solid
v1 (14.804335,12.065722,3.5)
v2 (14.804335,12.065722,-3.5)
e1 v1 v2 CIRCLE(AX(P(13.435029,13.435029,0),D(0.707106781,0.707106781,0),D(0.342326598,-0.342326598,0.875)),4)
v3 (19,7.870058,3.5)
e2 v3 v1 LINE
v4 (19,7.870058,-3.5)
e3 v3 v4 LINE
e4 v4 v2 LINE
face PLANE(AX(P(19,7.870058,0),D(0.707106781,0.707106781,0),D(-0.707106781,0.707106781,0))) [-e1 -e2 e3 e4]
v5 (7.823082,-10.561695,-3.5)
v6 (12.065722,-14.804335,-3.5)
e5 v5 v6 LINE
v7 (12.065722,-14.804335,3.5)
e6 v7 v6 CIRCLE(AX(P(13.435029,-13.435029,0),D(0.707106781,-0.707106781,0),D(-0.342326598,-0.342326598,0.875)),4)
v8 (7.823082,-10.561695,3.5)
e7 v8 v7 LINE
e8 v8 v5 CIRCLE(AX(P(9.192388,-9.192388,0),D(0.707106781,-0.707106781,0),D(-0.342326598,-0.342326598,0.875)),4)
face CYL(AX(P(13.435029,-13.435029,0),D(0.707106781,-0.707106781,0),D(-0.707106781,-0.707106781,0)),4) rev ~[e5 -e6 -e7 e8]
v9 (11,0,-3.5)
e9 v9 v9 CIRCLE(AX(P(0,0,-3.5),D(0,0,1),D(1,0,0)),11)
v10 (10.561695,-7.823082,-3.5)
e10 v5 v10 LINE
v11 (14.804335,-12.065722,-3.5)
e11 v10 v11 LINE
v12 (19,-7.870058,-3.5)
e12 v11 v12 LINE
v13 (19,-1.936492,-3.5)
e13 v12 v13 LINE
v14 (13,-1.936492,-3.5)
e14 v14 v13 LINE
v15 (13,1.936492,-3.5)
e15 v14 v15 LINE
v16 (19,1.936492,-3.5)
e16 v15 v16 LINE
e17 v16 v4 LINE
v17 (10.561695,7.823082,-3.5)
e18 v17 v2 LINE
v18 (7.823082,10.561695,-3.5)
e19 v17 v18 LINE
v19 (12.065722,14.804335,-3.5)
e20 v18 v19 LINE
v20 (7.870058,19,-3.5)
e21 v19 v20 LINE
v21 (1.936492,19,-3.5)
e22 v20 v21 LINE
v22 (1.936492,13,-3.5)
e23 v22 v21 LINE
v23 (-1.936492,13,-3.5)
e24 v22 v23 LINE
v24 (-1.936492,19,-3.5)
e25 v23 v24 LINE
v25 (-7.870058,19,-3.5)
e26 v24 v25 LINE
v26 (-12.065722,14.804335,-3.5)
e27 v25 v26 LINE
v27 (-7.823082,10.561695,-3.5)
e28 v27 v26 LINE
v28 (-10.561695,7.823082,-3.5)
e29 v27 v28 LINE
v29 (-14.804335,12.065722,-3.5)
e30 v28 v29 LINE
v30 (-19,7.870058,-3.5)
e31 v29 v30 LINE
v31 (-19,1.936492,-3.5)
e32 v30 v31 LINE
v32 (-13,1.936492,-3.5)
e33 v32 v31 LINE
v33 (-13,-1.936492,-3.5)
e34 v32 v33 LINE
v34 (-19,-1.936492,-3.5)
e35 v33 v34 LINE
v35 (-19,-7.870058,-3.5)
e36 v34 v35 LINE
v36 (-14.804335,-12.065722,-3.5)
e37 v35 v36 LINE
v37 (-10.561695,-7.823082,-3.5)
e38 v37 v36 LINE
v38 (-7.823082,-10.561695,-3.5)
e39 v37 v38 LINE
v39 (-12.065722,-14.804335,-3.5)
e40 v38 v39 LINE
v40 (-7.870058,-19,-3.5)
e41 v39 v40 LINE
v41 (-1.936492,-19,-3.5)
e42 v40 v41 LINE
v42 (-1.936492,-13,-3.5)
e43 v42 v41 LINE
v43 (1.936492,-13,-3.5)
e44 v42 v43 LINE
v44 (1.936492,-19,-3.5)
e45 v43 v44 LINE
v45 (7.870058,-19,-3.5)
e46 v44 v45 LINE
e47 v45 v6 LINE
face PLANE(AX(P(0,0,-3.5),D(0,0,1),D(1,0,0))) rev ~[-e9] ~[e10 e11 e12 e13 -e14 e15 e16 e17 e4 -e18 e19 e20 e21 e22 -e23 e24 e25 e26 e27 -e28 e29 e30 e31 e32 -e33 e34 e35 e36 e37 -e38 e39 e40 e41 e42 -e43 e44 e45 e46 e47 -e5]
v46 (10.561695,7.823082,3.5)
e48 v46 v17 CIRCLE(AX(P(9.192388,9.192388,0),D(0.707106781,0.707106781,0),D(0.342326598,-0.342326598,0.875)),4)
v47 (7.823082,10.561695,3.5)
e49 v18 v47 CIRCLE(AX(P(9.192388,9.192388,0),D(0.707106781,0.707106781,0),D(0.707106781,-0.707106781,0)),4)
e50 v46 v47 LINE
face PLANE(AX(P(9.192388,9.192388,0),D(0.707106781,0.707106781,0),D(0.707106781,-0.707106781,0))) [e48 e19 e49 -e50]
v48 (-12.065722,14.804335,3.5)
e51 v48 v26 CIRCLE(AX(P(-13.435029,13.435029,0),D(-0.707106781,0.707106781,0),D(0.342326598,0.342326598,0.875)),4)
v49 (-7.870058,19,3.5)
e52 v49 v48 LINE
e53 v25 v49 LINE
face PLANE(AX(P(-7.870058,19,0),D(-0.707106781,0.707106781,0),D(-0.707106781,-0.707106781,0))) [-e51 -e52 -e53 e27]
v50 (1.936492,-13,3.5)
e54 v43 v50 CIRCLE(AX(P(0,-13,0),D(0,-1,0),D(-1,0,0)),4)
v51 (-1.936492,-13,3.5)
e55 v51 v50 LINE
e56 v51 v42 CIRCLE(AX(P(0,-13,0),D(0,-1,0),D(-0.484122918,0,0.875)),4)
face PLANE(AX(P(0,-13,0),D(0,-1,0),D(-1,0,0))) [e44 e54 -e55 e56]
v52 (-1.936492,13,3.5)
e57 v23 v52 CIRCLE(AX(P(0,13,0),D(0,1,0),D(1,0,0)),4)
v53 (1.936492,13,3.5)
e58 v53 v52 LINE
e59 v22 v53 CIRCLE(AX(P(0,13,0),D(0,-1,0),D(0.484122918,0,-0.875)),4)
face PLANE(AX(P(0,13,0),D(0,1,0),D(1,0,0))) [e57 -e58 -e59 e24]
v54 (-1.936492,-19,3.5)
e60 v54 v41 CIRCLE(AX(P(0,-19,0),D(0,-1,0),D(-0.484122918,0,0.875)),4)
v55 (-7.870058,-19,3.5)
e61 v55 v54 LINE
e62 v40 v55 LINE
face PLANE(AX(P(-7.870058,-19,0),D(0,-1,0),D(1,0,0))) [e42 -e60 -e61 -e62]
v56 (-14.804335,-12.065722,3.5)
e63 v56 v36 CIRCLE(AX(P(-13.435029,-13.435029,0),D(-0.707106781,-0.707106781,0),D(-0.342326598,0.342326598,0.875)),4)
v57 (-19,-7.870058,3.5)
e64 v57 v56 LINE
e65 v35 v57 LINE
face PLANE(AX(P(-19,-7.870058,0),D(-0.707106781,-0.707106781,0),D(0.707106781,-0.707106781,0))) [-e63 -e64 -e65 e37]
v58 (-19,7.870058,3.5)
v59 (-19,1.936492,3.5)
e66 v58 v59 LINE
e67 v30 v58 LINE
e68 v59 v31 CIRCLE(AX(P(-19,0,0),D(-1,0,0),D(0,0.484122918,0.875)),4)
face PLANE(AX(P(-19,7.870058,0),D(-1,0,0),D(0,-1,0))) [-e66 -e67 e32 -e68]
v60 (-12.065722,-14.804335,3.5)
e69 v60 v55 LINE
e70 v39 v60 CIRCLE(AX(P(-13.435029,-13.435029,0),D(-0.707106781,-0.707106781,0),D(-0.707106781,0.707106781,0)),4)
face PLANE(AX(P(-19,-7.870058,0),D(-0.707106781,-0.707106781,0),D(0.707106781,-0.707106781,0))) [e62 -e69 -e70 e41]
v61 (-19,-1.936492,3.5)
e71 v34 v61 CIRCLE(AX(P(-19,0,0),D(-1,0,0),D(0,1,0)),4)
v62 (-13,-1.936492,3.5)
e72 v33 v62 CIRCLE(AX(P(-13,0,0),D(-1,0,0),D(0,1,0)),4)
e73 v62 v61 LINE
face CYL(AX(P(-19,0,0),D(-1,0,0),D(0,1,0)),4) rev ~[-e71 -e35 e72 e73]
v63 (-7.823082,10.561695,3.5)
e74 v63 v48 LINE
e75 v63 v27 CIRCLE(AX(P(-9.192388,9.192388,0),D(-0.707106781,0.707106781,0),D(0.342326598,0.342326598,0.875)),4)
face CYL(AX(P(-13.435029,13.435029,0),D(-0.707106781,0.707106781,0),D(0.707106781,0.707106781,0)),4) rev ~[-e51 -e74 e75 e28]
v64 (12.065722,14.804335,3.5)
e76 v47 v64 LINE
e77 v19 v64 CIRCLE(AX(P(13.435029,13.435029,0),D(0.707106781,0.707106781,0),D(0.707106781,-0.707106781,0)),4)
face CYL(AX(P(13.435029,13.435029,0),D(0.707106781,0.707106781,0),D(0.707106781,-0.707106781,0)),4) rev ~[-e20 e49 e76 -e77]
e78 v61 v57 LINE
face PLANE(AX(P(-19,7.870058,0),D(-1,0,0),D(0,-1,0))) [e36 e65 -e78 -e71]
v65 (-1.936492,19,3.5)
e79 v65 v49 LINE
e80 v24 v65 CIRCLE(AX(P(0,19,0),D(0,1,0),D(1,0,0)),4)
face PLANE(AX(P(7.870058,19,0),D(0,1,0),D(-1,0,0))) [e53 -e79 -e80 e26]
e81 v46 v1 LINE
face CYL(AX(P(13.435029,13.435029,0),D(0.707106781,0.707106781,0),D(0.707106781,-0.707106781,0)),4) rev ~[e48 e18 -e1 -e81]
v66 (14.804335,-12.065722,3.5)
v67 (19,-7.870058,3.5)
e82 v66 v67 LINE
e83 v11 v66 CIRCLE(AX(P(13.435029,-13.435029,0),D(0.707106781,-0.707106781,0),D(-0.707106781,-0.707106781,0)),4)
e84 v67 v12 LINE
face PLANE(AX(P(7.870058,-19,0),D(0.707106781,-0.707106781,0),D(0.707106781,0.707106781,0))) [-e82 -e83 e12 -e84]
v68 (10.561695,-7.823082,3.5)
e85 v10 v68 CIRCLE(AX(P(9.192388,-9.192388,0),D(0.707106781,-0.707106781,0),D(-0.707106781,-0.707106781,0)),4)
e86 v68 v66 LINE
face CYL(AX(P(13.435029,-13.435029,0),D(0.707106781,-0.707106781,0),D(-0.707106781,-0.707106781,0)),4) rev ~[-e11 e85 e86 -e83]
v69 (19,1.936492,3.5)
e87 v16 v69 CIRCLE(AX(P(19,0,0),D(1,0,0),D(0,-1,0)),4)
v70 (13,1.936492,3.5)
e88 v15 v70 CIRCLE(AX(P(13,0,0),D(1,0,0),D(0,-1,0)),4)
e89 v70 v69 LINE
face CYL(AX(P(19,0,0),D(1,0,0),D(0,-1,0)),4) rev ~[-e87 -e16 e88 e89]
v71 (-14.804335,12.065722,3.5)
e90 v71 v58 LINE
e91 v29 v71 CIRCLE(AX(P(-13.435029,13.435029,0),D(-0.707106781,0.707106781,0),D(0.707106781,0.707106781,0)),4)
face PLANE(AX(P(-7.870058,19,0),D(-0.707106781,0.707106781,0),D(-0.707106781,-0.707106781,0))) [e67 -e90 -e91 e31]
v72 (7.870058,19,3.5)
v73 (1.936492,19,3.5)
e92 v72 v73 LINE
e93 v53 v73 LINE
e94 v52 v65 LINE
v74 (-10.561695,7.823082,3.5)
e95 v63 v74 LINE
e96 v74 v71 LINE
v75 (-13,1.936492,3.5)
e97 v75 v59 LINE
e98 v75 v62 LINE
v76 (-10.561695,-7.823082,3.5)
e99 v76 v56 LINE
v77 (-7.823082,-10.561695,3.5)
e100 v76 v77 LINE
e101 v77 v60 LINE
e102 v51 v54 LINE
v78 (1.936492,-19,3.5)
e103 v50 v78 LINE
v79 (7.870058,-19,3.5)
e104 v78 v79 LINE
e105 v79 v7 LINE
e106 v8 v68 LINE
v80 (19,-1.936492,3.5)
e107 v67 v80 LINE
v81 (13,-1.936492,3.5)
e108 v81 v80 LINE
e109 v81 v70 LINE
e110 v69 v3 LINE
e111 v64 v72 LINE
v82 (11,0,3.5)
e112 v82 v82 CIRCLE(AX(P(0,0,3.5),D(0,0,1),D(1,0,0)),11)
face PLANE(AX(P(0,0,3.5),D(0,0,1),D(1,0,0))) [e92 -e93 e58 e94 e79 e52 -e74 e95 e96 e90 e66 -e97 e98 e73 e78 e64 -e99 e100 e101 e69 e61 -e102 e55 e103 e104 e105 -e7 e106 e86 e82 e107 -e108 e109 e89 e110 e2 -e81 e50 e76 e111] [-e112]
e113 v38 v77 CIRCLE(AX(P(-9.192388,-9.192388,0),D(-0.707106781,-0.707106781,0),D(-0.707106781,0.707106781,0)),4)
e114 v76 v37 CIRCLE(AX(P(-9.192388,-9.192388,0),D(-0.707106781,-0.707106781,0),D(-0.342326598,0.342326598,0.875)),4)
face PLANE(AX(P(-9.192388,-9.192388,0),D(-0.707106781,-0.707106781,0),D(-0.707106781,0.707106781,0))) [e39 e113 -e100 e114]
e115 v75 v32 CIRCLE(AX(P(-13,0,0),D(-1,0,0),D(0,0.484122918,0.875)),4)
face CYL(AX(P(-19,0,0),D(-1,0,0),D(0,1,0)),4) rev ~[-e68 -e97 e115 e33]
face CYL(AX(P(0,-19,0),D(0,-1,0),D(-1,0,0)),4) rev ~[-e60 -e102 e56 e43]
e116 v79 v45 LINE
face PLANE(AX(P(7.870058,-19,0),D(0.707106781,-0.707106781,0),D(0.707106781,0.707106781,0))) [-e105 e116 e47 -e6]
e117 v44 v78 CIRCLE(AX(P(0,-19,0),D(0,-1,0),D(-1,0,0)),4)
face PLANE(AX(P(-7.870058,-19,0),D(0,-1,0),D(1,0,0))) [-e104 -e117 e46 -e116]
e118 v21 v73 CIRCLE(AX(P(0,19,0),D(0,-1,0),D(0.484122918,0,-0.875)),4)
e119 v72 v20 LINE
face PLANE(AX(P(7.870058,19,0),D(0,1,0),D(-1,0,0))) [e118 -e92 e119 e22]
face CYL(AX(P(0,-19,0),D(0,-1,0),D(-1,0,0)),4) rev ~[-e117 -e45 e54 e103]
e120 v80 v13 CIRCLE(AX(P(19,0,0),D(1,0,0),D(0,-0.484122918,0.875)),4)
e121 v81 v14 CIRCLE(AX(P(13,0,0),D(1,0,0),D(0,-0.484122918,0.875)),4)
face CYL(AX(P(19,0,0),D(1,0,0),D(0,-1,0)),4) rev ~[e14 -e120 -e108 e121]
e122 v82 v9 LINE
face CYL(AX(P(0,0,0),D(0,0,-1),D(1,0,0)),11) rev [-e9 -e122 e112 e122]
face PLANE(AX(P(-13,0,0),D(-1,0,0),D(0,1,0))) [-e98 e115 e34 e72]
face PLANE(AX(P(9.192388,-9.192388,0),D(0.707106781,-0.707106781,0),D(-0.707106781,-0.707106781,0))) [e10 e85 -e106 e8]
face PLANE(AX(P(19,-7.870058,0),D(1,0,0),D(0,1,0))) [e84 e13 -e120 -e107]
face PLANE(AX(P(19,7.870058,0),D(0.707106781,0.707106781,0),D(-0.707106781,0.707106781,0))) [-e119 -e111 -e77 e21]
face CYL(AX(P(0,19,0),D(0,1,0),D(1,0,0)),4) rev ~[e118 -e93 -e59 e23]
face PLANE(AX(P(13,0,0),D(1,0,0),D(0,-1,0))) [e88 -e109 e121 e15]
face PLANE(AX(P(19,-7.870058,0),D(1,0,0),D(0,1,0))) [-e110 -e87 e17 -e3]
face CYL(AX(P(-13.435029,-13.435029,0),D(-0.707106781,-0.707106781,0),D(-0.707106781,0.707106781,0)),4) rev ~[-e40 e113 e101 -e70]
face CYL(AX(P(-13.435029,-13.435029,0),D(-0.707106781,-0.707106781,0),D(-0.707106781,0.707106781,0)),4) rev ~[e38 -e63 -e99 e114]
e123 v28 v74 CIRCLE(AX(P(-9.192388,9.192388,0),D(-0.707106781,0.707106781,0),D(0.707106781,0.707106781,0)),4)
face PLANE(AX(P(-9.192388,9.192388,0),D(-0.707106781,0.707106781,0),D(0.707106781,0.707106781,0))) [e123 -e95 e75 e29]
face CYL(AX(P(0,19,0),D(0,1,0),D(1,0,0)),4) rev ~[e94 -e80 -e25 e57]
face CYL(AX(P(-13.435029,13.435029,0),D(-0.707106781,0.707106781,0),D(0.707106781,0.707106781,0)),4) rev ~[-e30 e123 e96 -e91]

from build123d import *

# Parameters (mm, degrees)
SKETCH1_R           = 11
BOSS_EXTRUDE1_DEPTH = 3.5
SKETCH2_R           = 4
CUT_EXTRUDE3_DEPTH  = 6
CIRPATTERN1_COUNT   = 8


with BuildPart() as part:
    # Sketch1 → Boss-Extrude1 (new, symmetric)
    with BuildSketch(Plane.XY):
        Polygon((7.870057685, 19), (-7.870057685, 19), (-19, 7.870057685), (-19, -7.870057685), (-7.870057685, -19), (7.870057685, -19), (19, -7.870057685), (19, 7.870057685), align=None)
        Circle(SKETCH1_R, mode=Mode.SUBTRACT)
    extrude(amount=BOSS_EXTRUDE1_DEPTH, both=True)

    # Sketch2 → Cut-Extrude3 (cut)
    with BuildSketch(Plane(origin=(0, -19, 0), x_dir=(-1, 0, 0), z_dir=(0, -1, 0))):
        Circle(SKETCH2_R)
    cut_extrude3 = extrude(amount=-CUT_EXTRUDE3_DEPTH, mode=Mode.SUBTRACT)

    # CirPattern1: Cut-Extrude3 ×8 about axis
    cirpattern1_axis = Axis((0, 0, 3.5), (0, 0, 1))
    for i in range(1, CIRPATTERN1_COUNT):
        add(cut_extrude3.rotate(cirpattern1_axis, i * 360 / CIRPATTERN1_COUNT), mode=Mode.SUBTRACT)


solid = part.part
